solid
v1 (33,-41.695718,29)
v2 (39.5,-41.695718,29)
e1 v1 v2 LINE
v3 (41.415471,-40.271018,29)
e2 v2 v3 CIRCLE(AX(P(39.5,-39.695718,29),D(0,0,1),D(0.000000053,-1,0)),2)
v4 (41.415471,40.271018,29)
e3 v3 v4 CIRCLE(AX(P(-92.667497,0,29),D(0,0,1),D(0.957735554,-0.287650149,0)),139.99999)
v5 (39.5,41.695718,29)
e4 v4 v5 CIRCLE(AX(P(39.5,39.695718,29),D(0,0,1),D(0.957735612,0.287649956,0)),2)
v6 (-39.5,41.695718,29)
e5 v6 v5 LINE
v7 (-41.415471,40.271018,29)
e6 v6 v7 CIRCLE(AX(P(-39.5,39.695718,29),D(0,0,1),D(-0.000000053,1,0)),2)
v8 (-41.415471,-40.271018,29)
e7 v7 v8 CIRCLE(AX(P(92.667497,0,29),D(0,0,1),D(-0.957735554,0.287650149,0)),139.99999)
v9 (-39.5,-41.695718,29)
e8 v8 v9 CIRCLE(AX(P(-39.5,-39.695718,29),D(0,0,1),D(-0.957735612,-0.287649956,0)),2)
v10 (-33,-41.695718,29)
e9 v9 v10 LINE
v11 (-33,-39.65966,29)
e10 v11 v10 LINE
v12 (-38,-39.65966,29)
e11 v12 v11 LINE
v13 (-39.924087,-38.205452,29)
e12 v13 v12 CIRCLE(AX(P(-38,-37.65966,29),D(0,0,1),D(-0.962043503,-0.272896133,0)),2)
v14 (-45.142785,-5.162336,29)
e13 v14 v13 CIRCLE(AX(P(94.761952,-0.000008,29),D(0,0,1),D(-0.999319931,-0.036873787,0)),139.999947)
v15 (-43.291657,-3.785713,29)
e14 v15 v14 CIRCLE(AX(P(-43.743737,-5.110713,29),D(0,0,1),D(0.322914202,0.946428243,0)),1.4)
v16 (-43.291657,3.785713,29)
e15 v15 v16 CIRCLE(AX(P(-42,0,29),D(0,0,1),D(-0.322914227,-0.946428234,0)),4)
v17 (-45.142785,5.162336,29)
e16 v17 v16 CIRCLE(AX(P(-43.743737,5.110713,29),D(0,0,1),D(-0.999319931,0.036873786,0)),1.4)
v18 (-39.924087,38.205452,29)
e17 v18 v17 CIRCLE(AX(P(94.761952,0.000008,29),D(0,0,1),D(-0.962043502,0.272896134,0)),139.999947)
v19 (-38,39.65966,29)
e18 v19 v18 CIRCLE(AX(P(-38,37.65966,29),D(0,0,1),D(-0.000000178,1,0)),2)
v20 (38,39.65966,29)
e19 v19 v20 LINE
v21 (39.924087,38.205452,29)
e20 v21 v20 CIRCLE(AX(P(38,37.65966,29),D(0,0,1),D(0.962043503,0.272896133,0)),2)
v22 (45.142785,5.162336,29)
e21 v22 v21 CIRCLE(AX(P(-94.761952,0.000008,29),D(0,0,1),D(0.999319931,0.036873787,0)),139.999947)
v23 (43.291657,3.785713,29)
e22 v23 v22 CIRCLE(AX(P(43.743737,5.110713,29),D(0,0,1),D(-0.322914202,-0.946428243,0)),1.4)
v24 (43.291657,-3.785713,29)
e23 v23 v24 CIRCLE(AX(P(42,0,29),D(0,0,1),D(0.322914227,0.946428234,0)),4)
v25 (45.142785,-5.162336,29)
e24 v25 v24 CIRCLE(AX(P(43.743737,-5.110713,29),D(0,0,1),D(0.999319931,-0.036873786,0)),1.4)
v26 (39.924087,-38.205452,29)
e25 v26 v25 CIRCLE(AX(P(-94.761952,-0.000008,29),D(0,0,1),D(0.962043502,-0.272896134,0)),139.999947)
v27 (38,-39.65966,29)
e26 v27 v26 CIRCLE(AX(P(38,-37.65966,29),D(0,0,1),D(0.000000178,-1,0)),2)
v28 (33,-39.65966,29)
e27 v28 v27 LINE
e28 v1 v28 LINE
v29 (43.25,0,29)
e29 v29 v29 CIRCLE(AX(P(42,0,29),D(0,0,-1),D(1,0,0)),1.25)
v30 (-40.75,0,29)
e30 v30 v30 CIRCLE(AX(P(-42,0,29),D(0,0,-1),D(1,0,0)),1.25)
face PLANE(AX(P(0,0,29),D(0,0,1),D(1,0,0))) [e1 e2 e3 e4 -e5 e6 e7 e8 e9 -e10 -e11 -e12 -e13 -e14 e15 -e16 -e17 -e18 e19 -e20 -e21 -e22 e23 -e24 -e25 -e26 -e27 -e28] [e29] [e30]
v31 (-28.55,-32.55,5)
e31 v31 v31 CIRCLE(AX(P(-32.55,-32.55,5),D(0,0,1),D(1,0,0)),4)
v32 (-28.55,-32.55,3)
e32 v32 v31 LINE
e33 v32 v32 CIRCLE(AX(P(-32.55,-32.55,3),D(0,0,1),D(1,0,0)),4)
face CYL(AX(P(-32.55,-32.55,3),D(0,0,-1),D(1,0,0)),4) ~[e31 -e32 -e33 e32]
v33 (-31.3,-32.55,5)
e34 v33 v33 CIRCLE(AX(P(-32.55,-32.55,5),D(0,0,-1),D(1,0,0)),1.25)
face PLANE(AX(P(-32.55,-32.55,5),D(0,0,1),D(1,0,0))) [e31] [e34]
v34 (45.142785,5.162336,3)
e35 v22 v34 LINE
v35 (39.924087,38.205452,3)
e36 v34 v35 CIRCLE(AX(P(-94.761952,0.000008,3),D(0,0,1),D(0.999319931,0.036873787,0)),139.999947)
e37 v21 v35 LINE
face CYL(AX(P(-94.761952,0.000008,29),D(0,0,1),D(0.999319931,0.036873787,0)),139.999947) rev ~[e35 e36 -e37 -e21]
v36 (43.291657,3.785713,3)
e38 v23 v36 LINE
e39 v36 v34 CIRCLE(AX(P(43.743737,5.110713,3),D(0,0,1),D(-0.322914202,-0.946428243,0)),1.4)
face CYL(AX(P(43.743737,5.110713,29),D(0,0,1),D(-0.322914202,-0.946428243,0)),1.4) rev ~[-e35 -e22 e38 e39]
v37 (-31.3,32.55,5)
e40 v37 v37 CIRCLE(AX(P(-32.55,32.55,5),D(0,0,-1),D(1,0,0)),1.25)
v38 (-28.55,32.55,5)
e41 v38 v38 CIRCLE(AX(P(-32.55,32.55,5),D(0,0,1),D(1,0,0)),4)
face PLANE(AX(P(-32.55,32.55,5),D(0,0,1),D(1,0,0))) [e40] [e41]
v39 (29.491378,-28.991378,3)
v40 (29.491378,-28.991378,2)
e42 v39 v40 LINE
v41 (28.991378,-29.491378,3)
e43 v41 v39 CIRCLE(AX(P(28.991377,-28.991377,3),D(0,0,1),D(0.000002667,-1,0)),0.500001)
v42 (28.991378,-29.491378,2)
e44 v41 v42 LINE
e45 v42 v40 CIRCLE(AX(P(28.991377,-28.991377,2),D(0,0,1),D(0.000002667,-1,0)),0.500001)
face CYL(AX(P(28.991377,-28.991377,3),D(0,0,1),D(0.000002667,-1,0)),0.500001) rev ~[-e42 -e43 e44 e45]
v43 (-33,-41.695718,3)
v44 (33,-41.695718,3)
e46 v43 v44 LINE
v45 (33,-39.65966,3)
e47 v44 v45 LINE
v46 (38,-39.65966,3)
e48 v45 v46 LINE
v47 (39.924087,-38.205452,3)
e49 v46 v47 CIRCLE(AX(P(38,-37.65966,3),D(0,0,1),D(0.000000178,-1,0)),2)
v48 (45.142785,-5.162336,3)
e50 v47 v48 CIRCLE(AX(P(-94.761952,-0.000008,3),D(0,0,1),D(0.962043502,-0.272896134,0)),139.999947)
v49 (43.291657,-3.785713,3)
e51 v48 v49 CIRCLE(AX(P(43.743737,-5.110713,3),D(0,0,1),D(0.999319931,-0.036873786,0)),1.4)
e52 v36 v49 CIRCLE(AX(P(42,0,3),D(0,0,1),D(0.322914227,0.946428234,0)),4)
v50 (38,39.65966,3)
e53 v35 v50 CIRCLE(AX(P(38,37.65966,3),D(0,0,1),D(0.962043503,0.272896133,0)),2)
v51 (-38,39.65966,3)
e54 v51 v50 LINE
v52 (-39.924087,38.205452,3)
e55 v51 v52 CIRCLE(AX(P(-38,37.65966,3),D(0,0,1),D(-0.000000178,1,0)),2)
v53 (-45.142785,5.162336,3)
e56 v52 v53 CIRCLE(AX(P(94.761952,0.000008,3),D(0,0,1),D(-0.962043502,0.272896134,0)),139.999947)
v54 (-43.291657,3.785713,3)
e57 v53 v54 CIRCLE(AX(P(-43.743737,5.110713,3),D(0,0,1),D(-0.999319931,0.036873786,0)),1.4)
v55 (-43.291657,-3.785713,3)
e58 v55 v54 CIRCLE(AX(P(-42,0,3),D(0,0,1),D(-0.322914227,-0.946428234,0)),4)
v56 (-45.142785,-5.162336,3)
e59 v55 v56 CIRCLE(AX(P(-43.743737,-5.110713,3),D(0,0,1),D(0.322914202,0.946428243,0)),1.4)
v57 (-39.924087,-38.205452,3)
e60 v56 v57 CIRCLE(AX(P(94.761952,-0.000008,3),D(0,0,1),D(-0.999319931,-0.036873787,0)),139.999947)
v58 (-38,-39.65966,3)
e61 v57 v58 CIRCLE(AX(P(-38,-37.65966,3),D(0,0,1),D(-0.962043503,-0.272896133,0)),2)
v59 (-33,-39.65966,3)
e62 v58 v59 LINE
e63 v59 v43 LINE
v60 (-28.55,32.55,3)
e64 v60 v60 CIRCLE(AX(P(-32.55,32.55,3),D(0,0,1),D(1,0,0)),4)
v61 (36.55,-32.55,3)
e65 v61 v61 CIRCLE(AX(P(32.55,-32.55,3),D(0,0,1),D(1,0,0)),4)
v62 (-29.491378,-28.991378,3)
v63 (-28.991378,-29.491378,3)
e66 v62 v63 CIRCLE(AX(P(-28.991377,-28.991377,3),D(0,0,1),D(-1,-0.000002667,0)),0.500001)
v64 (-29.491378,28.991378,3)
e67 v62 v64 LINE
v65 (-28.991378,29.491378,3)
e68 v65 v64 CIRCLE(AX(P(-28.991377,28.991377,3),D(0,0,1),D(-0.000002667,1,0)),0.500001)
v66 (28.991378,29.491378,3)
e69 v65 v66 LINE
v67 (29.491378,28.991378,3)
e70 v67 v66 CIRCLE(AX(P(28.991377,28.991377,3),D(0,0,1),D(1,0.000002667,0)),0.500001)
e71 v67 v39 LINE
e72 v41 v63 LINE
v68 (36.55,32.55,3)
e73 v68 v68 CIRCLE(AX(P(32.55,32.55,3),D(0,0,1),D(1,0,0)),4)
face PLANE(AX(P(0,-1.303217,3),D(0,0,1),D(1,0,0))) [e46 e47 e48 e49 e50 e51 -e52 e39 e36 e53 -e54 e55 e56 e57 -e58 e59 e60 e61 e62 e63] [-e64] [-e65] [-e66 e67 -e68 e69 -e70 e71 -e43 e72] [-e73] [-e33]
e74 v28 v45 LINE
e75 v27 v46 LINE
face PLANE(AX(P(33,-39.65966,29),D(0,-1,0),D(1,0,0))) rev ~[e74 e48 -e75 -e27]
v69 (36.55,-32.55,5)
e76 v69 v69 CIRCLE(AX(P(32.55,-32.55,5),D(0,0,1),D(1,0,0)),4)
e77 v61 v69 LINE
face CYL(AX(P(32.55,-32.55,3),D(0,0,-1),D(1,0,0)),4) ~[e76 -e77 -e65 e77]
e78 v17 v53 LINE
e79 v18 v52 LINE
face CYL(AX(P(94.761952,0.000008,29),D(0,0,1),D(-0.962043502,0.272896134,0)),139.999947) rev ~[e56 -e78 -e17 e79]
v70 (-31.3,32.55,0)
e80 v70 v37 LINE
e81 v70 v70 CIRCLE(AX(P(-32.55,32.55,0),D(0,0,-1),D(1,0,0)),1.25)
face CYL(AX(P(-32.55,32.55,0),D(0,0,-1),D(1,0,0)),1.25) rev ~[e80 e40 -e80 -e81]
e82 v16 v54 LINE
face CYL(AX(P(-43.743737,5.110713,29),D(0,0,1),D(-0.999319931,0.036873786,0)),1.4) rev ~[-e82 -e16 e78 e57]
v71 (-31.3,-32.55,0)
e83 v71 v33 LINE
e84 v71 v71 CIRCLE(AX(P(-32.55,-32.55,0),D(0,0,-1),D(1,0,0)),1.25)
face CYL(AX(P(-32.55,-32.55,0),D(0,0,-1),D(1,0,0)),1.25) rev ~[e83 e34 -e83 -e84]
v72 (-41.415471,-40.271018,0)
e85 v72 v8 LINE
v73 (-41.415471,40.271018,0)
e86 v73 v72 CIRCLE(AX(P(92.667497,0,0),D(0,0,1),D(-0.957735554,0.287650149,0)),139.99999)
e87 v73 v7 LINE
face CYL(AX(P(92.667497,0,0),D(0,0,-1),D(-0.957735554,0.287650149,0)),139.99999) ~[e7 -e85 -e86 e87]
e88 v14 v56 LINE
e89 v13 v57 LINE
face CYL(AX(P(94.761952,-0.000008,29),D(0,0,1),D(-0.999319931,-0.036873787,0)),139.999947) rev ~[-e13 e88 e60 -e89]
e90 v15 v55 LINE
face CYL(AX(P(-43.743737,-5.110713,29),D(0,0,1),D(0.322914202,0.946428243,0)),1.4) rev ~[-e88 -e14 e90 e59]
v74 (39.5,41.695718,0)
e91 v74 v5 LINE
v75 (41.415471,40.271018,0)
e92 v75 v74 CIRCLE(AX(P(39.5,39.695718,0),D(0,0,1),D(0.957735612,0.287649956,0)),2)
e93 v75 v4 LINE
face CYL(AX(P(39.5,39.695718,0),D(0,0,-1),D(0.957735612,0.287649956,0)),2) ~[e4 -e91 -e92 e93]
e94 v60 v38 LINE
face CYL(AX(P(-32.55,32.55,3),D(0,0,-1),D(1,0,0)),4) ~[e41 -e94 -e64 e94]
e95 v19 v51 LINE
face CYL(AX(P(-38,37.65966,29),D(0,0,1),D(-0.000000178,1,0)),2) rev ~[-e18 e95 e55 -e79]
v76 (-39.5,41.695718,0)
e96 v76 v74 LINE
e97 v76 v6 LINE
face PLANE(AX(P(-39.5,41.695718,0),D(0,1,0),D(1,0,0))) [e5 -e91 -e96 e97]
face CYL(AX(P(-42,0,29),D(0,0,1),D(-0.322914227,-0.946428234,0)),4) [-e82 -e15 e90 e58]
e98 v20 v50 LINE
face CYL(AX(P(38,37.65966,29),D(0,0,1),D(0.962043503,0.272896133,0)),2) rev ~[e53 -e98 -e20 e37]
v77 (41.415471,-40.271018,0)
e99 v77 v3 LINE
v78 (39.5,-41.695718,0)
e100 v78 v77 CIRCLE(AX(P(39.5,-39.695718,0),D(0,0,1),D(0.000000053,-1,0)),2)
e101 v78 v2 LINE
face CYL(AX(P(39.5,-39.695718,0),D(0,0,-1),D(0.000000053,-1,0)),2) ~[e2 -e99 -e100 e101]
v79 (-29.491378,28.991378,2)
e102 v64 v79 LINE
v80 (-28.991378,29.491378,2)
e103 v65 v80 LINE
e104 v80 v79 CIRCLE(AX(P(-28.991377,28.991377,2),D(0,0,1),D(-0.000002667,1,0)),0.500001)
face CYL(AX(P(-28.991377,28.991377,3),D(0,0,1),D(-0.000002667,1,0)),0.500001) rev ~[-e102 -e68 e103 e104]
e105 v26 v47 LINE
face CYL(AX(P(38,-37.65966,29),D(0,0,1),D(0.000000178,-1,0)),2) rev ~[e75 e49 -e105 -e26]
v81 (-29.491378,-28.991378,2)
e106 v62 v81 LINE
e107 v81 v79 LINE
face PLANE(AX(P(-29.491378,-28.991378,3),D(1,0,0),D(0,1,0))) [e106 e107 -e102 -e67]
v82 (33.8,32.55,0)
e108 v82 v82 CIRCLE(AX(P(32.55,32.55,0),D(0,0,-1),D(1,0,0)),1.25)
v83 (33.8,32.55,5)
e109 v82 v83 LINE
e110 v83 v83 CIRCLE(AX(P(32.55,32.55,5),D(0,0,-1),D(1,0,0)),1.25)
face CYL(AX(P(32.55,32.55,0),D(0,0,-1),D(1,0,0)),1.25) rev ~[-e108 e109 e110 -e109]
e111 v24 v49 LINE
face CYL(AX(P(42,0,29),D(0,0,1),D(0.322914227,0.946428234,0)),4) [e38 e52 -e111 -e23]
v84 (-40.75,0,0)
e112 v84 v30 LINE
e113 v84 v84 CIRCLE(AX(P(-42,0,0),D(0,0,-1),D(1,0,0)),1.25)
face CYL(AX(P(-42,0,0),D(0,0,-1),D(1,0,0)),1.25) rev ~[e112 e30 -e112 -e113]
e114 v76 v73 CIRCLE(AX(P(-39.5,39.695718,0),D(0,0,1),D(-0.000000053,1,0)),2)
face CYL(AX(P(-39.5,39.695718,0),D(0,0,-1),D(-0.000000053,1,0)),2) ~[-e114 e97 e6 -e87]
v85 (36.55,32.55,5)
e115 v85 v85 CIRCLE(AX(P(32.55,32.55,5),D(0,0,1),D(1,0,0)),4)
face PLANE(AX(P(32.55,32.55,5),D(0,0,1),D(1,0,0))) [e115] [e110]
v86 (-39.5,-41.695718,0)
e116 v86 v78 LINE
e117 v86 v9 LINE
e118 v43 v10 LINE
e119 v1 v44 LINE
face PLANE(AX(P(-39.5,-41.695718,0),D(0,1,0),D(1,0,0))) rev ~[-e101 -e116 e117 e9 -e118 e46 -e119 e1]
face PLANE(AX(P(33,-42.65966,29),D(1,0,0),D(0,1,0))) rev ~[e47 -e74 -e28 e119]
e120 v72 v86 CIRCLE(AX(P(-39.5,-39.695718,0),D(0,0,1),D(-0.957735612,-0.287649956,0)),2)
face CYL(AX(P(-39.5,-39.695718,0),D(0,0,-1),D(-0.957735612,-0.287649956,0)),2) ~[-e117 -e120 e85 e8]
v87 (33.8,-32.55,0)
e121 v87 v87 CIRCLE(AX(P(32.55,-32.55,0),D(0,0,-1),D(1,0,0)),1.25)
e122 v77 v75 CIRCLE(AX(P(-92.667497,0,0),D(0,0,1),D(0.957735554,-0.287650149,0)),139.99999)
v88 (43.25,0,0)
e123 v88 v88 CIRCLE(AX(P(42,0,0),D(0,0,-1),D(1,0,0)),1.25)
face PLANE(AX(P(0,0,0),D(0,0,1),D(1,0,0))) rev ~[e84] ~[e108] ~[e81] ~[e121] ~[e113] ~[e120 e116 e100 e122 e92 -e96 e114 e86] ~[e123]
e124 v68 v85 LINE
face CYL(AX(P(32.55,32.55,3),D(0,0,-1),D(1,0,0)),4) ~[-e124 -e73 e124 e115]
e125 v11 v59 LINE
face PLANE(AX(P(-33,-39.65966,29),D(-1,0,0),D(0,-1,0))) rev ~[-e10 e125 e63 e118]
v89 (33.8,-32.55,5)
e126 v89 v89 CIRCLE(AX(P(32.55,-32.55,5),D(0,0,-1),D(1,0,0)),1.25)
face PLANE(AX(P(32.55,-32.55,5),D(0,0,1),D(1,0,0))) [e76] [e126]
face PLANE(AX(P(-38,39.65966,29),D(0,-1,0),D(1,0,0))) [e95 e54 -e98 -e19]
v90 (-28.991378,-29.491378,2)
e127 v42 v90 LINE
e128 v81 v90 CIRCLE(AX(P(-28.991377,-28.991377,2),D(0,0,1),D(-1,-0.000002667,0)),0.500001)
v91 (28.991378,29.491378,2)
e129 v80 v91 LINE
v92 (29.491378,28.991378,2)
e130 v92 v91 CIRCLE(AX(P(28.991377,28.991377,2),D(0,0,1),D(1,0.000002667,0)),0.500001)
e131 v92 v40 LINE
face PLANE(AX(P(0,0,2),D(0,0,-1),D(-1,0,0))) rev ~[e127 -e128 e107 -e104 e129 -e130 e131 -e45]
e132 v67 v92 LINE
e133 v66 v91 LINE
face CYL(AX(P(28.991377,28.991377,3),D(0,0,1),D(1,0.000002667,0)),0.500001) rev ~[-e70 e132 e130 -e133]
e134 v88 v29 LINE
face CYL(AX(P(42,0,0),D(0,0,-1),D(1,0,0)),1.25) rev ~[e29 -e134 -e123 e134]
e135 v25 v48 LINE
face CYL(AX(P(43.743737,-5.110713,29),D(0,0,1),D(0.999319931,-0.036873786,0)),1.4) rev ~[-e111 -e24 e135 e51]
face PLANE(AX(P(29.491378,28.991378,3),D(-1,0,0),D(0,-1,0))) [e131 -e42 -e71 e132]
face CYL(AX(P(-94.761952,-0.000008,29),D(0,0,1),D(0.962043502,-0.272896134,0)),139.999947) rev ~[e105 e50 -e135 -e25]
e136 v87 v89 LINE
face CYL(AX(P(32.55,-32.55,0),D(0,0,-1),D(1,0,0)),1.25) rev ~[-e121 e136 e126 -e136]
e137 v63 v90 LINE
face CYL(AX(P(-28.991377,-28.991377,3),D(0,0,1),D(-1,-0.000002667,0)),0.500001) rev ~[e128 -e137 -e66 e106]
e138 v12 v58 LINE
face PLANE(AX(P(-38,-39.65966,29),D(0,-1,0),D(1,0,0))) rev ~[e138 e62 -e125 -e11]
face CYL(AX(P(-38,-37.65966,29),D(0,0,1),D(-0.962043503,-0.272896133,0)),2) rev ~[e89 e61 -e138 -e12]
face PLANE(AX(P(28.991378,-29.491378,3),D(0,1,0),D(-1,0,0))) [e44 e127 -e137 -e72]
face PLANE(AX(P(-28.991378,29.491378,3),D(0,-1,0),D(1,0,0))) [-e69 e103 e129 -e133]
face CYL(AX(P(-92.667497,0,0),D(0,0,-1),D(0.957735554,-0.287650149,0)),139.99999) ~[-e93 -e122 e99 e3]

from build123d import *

# Parameters (mm, degrees)
PAD_DEPTH       = 29
POCKET_DEPTH    = 26
SKETCH004_R     = 4
PAD001_DEPTH    = 2
SKETCH005_R     = 1.25
POCKET001_DEPTH = 5
SKETCH006_R     = 1.25
POCKET002_DEPTH = 29
POCKET003_DEPTH = 1


with BuildPart() as part:
    # Sketch002 → Pad (new body)
    with BuildSketch(Plane.XY):
        with BuildLine():
            ThreePointArc((-41.415471, 40.271018), (-47.332493, 0), (-41.415471, -40.271018))
            ThreePointArc((-41.415471, -40.271018), (-40.693608, -41.300492), (-39.5, -41.695718))
            Line((-39.5, -41.695718), (39.5, -41.695718))
            ThreePointArc((39.5, -41.695718), (40.693608, -41.300492), (41.415471, -40.271018))
            ThreePointArc((41.415471, -40.271018), (47.332493, 0), (41.415471, 40.271018))
            ThreePointArc((41.415471, 40.271018), (40.693608, 41.300492), (39.5, 41.695718))
            Line((-39.5, 41.695718), (39.5, 41.695718))
            ThreePointArc((-39.5, 41.695718), (-40.693608, 41.300492), (-41.415471, 40.271018))
        make_face()
    extrude(amount=PAD_DEPTH)

    # Sketch003 → Pocket (cut)
    with BuildSketch(Plane.XY.offset(29)):
        with BuildLine():
            ThreePointArc((-39.924087, -38.205452), (-39.205905, -39.255214), (-38, -39.65966))
            Line((-38, -39.65966), (-33, -39.65966))
            Line((-33, -39.65966), (-33, -42.65966))
            Line((-33, -42.65966), (33, -42.65966))
            Line((33, -42.65966), (33, -39.65966))
            Line((33, -39.65966), (38, -39.65966))
            ThreePointArc((38, -39.65966), (39.205905, -39.255214), (39.924087, -38.205452))
            ThreePointArc((39.924087, -38.205452), (43.523931, -21.840329), (45.142785, -5.162336))
            ThreePointArc((45.142785, -5.162336), (44.579177, -3.987307), (43.291657, -3.785713))
            ThreePointArc((43.291657, 3.785713), (38, 0), (43.291657, -3.785713))
            ThreePointArc((43.291657, 3.785713), (44.579177, 3.987307), (45.142785, 5.162336))
            ThreePointArc((45.142785, 5.162336), (43.523931, 21.840329), (39.924087, 38.205452))
            ThreePointArc((39.924087, 38.205452), (39.205905, 39.255214), (38, 39.65966))
            Line((-38, 39.65966), (38, 39.65966))
            ThreePointArc((-38, 39.65966), (-39.205905, 39.255214), (-39.924087, 38.205452))
            ThreePointArc((-39.924087, 38.205452), (-43.523931, 21.840329), (-45.142785, 5.162336))
            ThreePointArc((-45.142785, 5.162336), (-44.579177, 3.987307), (-43.291657, 3.785713))
            ThreePointArc((-43.291657, -3.785713), (-38, 0), (-43.291657, 3.785713))
            ThreePointArc((-43.291657, -3.785713), (-44.579177, -3.987307), (-45.142785, -5.162336))
            ThreePointArc((-45.142785, -5.162336), (-43.523931, -21.840329), (-39.924087, -38.205452))
        make_face()
    extrude(amount=-POCKET_DEPTH, mode=Mode.SUBTRACT)

    # Sketch004 → Pad001 (new body)
    with BuildSketch(Plane.XY.offset(3)):
        with Locations((-32.55, 32.55)):
            Circle(SKETCH004_R)
        with Locations((32.55, 32.55)):
            Circle(SKETCH004_R)
        with Locations((32.55, -32.55)):
            Circle(SKETCH004_R)
        with Locations((-32.55, -32.55)):
            Circle(SKETCH004_R)
    extrude(amount=PAD001_DEPTH)

    # Sketch005 → Pocket001 (cut)
    with BuildSketch(Plane(origin=(0, 0, 0), x_dir=(1, 0, 0), z_dir=(0, 0, -1))):
        with Locations((-32.55, 32.55)):
            Circle(SKETCH005_R)
        with Locations((32.55, 32.55)):
            Circle(SKETCH005_R)
        with Locations((32.55, -32.55)):
            Circle(SKETCH005_R)
        with Locations((-32.55, -32.55)):
            Circle(SKETCH005_R)
    extrude(amount=-POCKET001_DEPTH, mode=Mode.SUBTRACT)

    # Sketch006 → Pocket002 (cut)
    with BuildSketch(Plane(origin=(0, 0, 0), x_dir=(1, 0, 0), z_dir=(0, 0, -1))):
        with Locations((-42, 0)):
            Circle(SKETCH006_R)
        with Locations((42, 0)):
            Circle(SKETCH006_R)
    extrude(amount=-POCKET002_DEPTH, mode=Mode.SUBTRACT)

    # Sketch008 → Pocket003 (cut)
    with BuildSketch(Plane.XY.offset(3)):
        with BuildLine():
            Line((-28.991378, 29.491378), (28.991378, 29.491378))
            ThreePointArc((29.491378, 28.991378), (29.344931, 29.344931), (28.991378, 29.491378))
            Line((29.491378, 28.991378), (29.491378, -28.991378))
            ThreePointArc((28.991378, -29.491378), (29.344931, -29.344931), (29.491378, -28.991378))
            Line((28.991378, -29.491378), (-28.991378, -29.491378))
            ThreePointArc((-29.491378, -28.991378), (-29.344931, -29.344931), (-28.991378, -29.491378))
            Line((-29.491378, -28.991378), (-29.491378, 28.991378))
            ThreePointArc((-28.991378, 29.491378), (-29.344931, 29.344931), (-29.491378, 28.991378))
        make_face()
    extrude(amount=-POCKET003_DEPTH, mode=Mode.SUBTRACT)


solid = part.part
